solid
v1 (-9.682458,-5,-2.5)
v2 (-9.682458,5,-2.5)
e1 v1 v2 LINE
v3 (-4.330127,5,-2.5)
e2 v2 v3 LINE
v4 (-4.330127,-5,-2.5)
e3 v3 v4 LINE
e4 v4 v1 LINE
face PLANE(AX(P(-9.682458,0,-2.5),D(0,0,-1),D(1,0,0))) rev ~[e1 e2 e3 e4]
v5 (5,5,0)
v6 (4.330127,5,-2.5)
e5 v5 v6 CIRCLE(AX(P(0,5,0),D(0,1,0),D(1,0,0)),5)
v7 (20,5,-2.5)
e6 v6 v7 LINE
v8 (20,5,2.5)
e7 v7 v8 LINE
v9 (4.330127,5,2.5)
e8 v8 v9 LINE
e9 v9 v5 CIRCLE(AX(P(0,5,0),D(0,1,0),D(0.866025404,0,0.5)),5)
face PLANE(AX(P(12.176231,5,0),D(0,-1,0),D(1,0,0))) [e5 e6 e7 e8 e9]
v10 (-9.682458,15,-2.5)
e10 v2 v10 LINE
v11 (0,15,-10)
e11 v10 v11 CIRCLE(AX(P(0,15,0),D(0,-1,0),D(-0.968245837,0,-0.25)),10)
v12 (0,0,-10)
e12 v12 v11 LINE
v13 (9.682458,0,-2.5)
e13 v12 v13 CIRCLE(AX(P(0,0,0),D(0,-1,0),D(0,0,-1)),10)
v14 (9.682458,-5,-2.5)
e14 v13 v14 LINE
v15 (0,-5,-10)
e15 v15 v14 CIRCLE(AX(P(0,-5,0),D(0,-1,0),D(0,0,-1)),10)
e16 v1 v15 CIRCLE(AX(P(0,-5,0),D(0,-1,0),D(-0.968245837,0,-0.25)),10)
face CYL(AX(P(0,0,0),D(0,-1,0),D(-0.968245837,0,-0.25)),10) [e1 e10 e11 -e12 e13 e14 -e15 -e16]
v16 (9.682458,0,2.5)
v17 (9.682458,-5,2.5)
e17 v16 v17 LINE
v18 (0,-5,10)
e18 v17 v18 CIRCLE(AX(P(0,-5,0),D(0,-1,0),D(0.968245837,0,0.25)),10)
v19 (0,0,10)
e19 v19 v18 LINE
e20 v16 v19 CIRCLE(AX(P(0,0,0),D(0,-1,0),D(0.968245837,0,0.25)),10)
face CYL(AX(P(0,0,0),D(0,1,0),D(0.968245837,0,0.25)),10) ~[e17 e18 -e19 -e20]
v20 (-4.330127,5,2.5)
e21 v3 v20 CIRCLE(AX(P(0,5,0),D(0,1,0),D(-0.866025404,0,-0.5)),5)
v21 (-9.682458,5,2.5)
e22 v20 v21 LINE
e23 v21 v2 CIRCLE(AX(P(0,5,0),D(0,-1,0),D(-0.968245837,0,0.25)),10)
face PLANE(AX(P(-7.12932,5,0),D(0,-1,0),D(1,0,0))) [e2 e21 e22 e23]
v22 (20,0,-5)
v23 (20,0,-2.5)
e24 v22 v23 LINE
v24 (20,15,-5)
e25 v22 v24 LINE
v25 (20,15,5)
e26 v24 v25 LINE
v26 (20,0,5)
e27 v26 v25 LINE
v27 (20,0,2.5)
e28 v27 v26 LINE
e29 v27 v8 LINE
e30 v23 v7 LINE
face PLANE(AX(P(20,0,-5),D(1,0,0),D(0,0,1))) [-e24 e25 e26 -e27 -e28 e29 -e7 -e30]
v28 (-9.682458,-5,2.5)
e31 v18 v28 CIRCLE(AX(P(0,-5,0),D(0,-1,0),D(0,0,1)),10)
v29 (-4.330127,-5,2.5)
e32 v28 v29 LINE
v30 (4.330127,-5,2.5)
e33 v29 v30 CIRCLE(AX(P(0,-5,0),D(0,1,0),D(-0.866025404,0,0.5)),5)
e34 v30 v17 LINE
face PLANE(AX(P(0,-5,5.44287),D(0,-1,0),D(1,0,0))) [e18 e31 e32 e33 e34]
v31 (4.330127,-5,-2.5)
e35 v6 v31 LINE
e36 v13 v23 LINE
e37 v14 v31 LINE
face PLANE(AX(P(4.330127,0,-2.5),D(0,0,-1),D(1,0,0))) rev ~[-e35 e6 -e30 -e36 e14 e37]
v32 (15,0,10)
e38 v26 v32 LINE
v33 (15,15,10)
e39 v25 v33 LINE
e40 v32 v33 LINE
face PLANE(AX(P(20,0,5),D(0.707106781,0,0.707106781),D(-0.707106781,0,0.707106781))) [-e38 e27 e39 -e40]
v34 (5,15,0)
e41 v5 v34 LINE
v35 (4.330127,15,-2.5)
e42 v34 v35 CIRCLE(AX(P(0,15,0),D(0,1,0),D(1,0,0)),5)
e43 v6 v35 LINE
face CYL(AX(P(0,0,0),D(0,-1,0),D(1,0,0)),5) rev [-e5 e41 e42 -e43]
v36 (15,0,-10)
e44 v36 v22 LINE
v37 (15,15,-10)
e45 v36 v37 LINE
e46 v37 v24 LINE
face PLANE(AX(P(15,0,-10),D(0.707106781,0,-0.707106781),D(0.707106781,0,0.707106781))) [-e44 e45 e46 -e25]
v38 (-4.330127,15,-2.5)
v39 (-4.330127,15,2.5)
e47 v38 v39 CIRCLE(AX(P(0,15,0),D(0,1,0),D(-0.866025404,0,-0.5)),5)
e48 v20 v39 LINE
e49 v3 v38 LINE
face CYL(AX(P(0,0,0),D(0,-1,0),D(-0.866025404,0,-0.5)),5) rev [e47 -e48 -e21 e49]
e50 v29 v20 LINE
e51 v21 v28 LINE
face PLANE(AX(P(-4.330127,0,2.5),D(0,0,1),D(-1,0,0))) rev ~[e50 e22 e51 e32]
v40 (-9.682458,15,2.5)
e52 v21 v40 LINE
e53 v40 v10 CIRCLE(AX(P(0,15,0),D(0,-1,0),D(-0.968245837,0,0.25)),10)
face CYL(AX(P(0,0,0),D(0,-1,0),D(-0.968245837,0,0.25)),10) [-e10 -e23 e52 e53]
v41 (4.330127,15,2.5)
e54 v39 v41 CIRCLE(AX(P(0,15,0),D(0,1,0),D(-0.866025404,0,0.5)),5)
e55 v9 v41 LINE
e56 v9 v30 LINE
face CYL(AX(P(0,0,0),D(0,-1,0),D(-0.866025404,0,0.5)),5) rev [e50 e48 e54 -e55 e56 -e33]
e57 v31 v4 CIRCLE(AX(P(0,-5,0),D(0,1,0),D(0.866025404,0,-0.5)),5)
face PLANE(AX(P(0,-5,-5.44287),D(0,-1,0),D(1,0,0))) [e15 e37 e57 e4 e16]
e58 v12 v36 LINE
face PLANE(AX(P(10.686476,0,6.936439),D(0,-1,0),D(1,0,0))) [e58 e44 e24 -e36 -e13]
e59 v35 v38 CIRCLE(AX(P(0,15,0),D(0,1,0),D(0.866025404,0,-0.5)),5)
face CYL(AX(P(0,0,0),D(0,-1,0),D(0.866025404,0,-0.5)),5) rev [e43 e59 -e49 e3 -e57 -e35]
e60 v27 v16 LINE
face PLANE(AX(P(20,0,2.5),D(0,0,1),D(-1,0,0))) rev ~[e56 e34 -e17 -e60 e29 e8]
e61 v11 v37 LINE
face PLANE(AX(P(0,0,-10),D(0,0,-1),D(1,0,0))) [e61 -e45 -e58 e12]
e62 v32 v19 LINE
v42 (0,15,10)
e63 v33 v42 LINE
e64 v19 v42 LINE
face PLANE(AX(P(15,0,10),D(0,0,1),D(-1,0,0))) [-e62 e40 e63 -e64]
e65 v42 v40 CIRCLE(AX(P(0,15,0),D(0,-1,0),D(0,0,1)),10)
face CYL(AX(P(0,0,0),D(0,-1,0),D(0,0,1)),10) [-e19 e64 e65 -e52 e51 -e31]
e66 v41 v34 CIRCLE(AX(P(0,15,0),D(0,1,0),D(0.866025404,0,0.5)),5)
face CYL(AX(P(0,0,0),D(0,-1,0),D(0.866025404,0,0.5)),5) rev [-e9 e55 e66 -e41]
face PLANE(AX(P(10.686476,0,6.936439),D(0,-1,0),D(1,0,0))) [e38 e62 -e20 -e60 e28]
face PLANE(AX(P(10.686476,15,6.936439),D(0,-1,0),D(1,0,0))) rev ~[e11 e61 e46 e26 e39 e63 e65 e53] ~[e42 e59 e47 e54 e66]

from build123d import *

# Parameters (mm, degrees)
F1_DEPTH = 5
F2_DEPTH = 15
F3_DEPTH = 5


with BuildPart() as f1:
    # F0 (on Front) → F1 (new body)
    with BuildSketch(Plane.XZ):
        with BuildLine():
            ThreePointArc((-4.3301270189, 2.5), (0, 5), (4.3301270189, 2.5))
            Line((4.3301270189, 2.5), (9.6824583655, 2.5))
            ThreePointArc((9.6824583655, 2.5), (6.123724357, 7.9056941504), (0, 10))
            ThreePointArc((0, 10), (-6.123724357, 7.9056941504), (-9.6824583655, 2.5))
            Line((-9.6824583655, 2.5), (-4.3301270189, 2.5))
        make_face()
    extrude(amount=F1_DEPTH)



with BuildPart() as f1b:
    # F0 (on Front) → F1, piece 2 (new body)
    with BuildSketch(Plane.XZ):
        with BuildLine():
            Line((9.6824583655, -2.5), (4.3301270189, -2.5))
            ThreePointArc((4.3301270189, -2.5), (0, -5), (-4.3301270189, -2.5))
            Line((-4.3301270189, -2.5), (-9.6824583655, -2.5))
            ThreePointArc((-9.6824583655, -2.5), (-6.123724357, -7.9056941504), (0, -10))
            ThreePointArc((0, -10), (6.123724357, -7.9056941504), (9.6824583655, -2.5))
        make_face()
    extrude(amount=F1_DEPTH)


with BuildPart() as f1_1:
    add(f1.part)

    add(f1b.part)  # F2 merges F1b
    # F0 (on Front) → F2 (join)
    with BuildSketch(Plane.XZ):
        with BuildLine():
            ThreePointArc((0, 10), (6.123724357, 7.9056941504), (9.6824583655, 2.5))
            Line((9.6824583655, 2.5), (20, 2.5))
            Line((20, 2.5), (20, 5))
            Line((20, 5), (15, 10))
            Line((15, 10), (0, 10))
        make_face()
        with BuildLine():
            ThreePointArc((4.3301270189, 2.5), (4.8296291314, 1.2940952255), (5, 0))
            ThreePointArc((5, 0), (4.8296291314, -1.2940952255), (4.3301270189, -2.5))
            Line((4.3301270189, -2.5), (9.6824583655, -2.5))
            Line((9.6824583655, -2.5), (20, -2.5))
            Line((20, -2.5), (20, 2.5))
            Line((20, 2.5), (9.6824583655, 2.5))
            Line((9.6824583655, 2.5), (4.3301270189, 2.5))
        make_face()
        with BuildLine():
            ThreePointArc((-4.3301270189, -2.5), (-5, 0), (-4.3301270189, 2.5))
            Line((-4.3301270189, 2.5), (-9.6824583655, 2.5))
            ThreePointArc((-9.6824583655, 2.5), (-10, 0), (-9.6824583655, -2.5))
            Line((-9.6824583655, -2.5), (-4.3301270189, -2.5))
        make_face()
        with BuildLine():
            Line((20, -2.5), (9.6824583655, -2.5))
            ThreePointArc((9.6824583655, -2.5), (6.123724357, -7.9056941504), (0, -10))
            Line((0, -10), (15, -10))
            Line((15, -10), (20, -5))
            Line((20, -5), (20, -2.5))
        make_face()
        with BuildLine():
            ThreePointArc((-4.3301270189, 2.5), (0, 5), (4.3301270189, 2.5))
            Line((4.3301270189, 2.5), (9.6824583655, 2.5))
            ThreePointArc((9.6824583655, 2.5), (6.123724357, 7.9056941504), (0, 10))
            ThreePointArc((0, 10), (-6.123724357, 7.9056941504), (-9.6824583655, 2.5))
            Line((-9.6824583655, 2.5), (-4.3301270189, 2.5))
        make_face()
        with BuildLine():
            Line((9.6824583655, -2.5), (4.3301270189, -2.5))
            ThreePointArc((4.3301270189, -2.5), (0, -5), (-4.3301270189, -2.5))
            Line((-4.3301270189, -2.5), (-9.6824583655, -2.5))
            ThreePointArc((-9.6824583655, -2.5), (-6.123724357, -7.9056941504), (0, -10))
            ThreePointArc((0, -10), (6.123724357, -7.9056941504), (9.6824583655, -2.5))
        make_face()
    extrude(amount=-F2_DEPTH)

    # F0 (on Front) → F3 (cut)
    with BuildSketch(Plane.XZ):
        with BuildLine():
            ThreePointArc((4.3301270189, 2.5), (4.8296291314, 1.2940952255), (5, 0))
            ThreePointArc((5, 0), (4.8296291314, -1.2940952255), (4.3301270189, -2.5))
            Line((4.3301270189, -2.5), (9.6824583655, -2.5))
            Line((9.6824583655, -2.5), (20, -2.5))
            Line((20, -2.5), (20, 2.5))
            Line((20, 2.5), (9.6824583655, 2.5))
            Line((9.6824583655, 2.5), (4.3301270189, 2.5))
        make_face()
        with BuildLine():
            ThreePointArc((-4.3301270189, -2.5), (-5, 0), (-4.3301270189, 2.5))
            Line((-4.3301270189, 2.5), (-9.6824583655, 2.5))
            ThreePointArc((-9.6824583655, 2.5), (-10, 0), (-9.6824583655, -2.5))
            Line((-9.6824583655, -2.5), (-4.3301270189, -2.5))
        make_face()
    extrude(amount=-F3_DEPTH, mode=Mode.SUBTRACT)


solid = f1_1.part
